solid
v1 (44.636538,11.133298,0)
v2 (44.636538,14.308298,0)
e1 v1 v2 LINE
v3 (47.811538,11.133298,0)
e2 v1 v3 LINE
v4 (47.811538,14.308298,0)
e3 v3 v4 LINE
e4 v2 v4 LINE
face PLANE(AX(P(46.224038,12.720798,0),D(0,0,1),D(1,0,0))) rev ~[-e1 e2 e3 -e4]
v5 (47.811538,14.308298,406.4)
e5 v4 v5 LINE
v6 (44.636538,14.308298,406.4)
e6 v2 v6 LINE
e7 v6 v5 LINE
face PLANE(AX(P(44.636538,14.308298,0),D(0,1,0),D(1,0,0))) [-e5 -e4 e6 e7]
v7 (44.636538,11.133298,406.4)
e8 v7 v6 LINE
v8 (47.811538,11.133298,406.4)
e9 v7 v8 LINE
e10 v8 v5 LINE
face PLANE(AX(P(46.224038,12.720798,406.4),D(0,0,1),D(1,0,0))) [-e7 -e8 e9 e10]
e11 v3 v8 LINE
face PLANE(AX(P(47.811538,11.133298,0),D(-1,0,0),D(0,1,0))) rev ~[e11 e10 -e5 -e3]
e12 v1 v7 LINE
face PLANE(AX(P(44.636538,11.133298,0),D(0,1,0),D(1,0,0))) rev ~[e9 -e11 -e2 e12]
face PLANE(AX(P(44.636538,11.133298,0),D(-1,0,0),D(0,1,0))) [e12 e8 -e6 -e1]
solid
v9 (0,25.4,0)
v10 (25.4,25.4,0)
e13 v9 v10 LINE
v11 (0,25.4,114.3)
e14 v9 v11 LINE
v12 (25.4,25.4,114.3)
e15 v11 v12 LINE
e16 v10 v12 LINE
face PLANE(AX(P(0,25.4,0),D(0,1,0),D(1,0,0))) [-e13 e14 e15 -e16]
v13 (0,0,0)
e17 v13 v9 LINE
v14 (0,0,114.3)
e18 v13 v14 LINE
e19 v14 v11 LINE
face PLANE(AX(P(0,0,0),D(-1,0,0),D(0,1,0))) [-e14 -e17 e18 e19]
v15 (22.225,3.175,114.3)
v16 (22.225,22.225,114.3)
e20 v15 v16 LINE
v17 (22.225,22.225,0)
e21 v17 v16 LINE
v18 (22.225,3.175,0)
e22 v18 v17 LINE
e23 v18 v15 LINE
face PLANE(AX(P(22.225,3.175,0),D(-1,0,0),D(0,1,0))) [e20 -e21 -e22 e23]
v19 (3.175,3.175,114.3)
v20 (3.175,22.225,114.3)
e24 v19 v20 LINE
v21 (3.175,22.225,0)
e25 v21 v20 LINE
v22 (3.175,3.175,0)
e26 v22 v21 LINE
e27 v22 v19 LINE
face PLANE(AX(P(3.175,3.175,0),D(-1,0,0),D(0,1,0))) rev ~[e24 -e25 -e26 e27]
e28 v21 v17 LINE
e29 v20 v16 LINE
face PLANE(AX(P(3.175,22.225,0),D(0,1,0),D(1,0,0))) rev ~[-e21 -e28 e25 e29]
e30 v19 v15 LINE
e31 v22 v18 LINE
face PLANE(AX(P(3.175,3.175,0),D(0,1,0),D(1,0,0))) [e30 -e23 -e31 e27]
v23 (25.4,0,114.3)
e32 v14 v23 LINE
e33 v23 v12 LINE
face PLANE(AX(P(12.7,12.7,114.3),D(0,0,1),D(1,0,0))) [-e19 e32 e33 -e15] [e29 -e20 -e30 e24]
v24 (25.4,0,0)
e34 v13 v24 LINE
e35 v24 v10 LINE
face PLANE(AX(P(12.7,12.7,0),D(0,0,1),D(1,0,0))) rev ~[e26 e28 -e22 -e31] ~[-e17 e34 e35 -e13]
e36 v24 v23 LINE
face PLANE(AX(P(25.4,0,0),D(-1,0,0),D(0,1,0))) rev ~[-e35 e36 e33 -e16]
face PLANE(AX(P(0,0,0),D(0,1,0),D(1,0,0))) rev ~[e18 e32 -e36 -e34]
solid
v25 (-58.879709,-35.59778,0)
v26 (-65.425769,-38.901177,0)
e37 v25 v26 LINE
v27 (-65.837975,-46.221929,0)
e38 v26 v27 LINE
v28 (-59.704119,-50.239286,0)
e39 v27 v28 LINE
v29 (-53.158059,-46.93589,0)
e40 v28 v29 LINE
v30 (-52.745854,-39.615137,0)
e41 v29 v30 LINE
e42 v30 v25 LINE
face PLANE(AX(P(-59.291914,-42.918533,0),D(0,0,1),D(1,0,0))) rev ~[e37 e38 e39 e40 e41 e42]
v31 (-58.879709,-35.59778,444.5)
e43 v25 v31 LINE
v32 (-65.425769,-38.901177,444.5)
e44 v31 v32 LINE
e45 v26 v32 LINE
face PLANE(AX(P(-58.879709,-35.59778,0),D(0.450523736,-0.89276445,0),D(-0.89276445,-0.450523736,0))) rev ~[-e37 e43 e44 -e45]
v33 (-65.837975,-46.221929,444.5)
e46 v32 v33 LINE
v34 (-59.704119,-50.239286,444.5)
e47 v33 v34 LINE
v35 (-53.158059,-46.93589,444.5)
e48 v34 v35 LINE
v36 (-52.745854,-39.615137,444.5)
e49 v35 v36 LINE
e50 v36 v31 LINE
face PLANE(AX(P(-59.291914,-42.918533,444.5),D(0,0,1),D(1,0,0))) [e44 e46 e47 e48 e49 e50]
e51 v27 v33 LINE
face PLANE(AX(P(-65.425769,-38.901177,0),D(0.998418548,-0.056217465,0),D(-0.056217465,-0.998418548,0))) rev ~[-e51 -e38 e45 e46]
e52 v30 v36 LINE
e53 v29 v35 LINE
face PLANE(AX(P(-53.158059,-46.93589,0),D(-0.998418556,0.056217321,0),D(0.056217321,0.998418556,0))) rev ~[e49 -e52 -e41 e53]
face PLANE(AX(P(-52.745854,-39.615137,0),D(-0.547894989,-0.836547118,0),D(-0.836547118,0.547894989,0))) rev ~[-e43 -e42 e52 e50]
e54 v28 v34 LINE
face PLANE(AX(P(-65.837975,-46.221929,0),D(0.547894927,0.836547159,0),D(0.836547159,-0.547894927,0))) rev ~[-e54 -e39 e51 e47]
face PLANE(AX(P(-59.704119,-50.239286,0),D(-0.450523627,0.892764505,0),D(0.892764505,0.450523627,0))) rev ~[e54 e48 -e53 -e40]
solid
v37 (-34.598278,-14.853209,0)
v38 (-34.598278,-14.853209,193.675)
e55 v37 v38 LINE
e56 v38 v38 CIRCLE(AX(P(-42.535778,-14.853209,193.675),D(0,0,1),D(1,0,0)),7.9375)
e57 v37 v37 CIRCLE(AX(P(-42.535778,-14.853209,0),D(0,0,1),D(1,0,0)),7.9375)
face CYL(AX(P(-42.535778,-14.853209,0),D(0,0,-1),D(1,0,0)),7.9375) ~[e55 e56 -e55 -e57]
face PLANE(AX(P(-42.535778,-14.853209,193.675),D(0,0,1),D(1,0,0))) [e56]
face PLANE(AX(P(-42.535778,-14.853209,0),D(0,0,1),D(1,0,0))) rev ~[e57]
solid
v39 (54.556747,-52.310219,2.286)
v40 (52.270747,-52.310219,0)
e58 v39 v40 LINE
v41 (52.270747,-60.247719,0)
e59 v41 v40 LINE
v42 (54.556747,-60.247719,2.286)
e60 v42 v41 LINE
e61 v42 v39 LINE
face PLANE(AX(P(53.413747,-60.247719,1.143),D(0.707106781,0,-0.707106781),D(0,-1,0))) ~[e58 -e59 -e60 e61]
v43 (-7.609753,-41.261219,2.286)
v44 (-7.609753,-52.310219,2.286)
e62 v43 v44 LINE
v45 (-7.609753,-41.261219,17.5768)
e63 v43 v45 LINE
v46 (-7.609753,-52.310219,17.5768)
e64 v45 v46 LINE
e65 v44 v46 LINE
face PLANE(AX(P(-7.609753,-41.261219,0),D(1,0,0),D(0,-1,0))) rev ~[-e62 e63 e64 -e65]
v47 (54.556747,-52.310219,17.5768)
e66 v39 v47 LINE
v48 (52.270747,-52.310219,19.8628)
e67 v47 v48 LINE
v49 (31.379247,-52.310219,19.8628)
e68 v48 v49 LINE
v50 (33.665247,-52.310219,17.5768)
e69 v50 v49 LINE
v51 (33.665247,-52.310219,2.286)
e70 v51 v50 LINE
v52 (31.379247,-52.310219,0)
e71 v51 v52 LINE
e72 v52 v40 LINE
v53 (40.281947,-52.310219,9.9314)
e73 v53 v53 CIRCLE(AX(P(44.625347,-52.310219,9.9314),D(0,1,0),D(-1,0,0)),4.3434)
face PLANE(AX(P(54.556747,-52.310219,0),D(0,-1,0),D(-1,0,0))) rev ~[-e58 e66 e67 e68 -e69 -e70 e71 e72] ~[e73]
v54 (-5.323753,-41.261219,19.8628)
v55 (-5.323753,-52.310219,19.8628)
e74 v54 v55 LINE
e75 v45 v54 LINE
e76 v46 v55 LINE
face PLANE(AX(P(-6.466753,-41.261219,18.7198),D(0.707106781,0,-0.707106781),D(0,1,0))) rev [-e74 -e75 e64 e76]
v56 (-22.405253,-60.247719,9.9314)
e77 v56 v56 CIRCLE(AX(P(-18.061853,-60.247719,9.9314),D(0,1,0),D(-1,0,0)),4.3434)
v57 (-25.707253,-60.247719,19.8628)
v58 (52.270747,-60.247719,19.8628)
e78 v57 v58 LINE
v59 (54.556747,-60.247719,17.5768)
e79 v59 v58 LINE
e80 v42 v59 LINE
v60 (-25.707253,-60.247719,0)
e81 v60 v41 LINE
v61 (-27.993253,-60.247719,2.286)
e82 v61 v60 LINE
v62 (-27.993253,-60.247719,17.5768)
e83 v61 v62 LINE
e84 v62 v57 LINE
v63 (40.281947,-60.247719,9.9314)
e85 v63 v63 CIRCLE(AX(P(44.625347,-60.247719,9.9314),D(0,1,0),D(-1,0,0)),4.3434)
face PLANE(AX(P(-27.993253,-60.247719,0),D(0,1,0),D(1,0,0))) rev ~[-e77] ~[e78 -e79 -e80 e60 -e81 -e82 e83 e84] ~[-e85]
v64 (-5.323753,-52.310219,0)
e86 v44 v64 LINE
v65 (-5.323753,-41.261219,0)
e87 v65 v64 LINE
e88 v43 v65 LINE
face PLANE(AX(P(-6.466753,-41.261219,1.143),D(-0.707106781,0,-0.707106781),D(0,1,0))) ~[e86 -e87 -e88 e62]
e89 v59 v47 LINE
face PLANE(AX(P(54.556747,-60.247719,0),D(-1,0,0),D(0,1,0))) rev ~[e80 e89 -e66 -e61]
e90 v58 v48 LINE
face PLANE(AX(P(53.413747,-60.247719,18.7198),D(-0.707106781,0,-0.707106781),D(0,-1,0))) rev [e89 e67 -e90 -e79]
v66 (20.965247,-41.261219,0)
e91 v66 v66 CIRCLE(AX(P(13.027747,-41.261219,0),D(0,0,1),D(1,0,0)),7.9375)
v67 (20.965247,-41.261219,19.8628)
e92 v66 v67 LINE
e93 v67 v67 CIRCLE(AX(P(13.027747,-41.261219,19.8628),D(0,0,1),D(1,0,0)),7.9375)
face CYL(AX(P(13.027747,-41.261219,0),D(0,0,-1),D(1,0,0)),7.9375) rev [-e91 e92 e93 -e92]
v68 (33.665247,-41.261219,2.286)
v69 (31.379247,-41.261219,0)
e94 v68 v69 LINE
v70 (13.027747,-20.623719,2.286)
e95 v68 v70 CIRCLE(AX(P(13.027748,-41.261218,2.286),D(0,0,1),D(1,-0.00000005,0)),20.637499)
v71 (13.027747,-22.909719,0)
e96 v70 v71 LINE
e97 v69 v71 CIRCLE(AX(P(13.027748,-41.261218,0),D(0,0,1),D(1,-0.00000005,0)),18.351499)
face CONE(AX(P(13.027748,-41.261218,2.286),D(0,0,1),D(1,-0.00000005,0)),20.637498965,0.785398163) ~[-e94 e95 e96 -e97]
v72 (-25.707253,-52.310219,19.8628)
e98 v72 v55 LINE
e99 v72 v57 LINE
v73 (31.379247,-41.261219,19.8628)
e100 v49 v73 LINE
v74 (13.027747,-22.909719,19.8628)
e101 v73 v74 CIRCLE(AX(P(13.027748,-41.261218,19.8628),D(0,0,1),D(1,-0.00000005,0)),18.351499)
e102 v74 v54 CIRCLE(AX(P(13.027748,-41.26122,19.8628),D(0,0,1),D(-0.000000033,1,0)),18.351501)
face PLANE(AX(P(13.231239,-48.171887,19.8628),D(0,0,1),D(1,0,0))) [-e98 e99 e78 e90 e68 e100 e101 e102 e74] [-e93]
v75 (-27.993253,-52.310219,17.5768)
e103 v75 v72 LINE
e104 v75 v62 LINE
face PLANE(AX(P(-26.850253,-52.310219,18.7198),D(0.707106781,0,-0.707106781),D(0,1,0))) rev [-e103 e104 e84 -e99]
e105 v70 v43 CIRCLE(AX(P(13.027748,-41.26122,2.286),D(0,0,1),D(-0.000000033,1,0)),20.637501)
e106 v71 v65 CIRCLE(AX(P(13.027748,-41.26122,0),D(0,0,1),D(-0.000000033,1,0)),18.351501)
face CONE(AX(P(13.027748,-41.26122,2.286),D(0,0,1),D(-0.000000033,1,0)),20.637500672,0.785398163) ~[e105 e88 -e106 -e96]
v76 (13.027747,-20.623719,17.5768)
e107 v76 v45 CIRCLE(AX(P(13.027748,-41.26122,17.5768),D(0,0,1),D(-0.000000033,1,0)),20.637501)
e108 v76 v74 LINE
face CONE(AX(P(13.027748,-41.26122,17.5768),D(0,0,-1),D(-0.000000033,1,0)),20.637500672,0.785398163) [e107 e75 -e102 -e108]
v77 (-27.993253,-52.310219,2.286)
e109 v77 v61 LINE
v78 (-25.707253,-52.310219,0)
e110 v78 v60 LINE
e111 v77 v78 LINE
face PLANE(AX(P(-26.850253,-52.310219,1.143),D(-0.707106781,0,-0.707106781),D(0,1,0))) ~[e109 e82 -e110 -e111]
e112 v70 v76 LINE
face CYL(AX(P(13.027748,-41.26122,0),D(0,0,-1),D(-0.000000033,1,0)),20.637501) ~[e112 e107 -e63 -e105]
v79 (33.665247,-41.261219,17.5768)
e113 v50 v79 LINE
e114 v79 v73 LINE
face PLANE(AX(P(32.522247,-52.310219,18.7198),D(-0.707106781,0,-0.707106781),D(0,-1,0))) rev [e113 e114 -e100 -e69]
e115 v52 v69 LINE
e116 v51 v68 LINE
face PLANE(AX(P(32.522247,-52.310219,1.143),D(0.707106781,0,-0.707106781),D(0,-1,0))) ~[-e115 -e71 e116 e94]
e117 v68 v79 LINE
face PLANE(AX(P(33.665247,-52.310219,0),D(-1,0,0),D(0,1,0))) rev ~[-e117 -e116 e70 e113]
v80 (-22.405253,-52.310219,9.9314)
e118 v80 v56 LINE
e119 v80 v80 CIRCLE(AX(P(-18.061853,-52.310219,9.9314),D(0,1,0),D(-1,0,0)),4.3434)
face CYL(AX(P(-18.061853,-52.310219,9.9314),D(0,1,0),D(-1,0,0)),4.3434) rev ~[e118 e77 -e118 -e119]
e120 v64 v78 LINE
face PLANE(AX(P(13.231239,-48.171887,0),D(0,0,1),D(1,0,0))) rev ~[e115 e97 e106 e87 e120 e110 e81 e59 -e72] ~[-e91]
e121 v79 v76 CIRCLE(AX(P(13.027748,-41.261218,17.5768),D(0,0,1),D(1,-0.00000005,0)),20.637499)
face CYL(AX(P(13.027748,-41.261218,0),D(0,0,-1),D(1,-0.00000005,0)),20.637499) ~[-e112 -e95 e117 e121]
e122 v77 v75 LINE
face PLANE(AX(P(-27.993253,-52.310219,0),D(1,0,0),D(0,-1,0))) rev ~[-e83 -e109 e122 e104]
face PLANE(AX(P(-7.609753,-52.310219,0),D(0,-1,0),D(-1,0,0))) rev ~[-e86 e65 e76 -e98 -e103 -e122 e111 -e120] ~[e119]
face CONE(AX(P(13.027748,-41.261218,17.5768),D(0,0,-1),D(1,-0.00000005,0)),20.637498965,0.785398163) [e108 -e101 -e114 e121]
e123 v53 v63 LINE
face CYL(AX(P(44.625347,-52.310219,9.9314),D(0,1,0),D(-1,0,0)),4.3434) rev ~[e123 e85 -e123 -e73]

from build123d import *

# Parameters (mm, degrees)
F0_W      = 25.4
F0_H      = 25.4
F0_W_2    = 19.05
F0_H_2    = 19.05
F1_DEPTH  = 114.3
F2_R      = 7.9375
F3_DEPTH  = 193.675
F4_R      = 7.9375
F5_DEPTH  = 19.8628
F6_SIZE   = 2.286
F7_R      = 4.3434
F8_DEPTH  = 25.4
F10_DEPTH = 444.5
F11_W     = 3.175
F11_H     = 3.175
F12_DEPTH = 406.4


with BuildPart() as f1:
    # F0 (on Top) → F1 (new body)
    with BuildSketch(Plane.XY):
        with Locations((12.7, 12.7)):
            Rectangle(F0_W, F0_H)
        with Locations((12.7, 12.7)):
            Rectangle(F0_W_2, F0_H_2, mode=Mode.SUBTRACT)
    extrude(amount=F1_DEPTH)


with BuildPart() as f3:
    # F2 (on Top) → F3 (new body)
    with BuildSketch(Plane.XY):
        with Locations((-42.535778, -14.853209)):
            Circle(F2_R)
    extrude(amount=F3_DEPTH)


with BuildPart() as f5:
    # F4 (on Top) → F5 (new body)
    with BuildSketch(Plane.XY):
        with BuildLine():
            Line((-27.993253, -52.310219), (-27.993253, -60.247719))
            Line((-27.993253, -60.247719), (54.556747, -60.247719))
            Line((54.556747, -60.247719), (54.556747, -52.310219))
            Line((54.556747, -52.310219), (33.665247, -52.310219))
            Line((33.665247, -52.310219), (33.665247, -41.261219))
            ThreePointArc((33.665247, -41.261219), (27.620664, -26.668303), (13.027747, -20.623719))
            ThreePointArc((13.027747, -20.623719), (-1.565169, -26.668303), (-7.609753, -41.261219))
            Line((-7.609753, -41.261219), (-7.609753, -52.310219))
            Line((-7.609753, -52.310219), (-27.993253, -52.310219))
        make_face()
        with Locations((13.027747, -41.261219)):
            Circle(F4_R, mode=Mode.SUBTRACT)
    extrude(amount=F5_DEPTH)

    # F6
    f6_edges = [f5.edges().sort_by_distance(p)[0] for p in [
        (13.027747, -20.623719, 19.8628),
        (-7.609753, -46.785719, 19.8628),
        (33.665247, -46.785719, 19.8628),
        (33.665247, -46.785719, 0),
        (13.027747, -20.623719, 0),
        (-7.609753, -46.785719, 0),
        (54.556747, -56.278969, 0),
        (54.556747, -56.278969, 19.8628),
        (-27.993253, -56.278969, 0),
        (-27.993253, -56.278969, 19.8628),
    ]]
    chamfer(f6_edges, length=F6_SIZE)

    # F7 (on face) → F8 (cut)
    with BuildSketch(Plane(origin=(0, -52.310219, 0), x_dir=(-1, 0, 0), z_dir=(0, 1, 0))):
        with Locations((-44.625347, 9.9314)):
            Circle(F7_R)
        with Locations((18.061853, 9.9314)):
            Circle(F7_R)
    extrude(amount=-F8_DEPTH, mode=Mode.SUBTRACT)


with BuildPart() as f10:
    # F9 (on Top) → F10 (new body)
    with BuildSketch(Plane.XY):
        Polygon((-52.745854, -39.615137), (-58.879709, -35.59778), (-65.425769, -38.901177), (-65.837975, -46.221929), (-59.704119, -50.239286), (-53.158059, -46.93589), align=None)
    extrude(amount=F10_DEPTH)


with BuildPart() as f12:
    # F11 (on Top) → F12 (new body)
    with BuildSketch(Plane.XY):
        with Locations((46.224038, 12.720798)):
            Rectangle(F11_W, F11_H)
    extrude(amount=F12_DEPTH)


solid = Compound([f1.part, f3.part, f5.part, f10.part, f12.part])
